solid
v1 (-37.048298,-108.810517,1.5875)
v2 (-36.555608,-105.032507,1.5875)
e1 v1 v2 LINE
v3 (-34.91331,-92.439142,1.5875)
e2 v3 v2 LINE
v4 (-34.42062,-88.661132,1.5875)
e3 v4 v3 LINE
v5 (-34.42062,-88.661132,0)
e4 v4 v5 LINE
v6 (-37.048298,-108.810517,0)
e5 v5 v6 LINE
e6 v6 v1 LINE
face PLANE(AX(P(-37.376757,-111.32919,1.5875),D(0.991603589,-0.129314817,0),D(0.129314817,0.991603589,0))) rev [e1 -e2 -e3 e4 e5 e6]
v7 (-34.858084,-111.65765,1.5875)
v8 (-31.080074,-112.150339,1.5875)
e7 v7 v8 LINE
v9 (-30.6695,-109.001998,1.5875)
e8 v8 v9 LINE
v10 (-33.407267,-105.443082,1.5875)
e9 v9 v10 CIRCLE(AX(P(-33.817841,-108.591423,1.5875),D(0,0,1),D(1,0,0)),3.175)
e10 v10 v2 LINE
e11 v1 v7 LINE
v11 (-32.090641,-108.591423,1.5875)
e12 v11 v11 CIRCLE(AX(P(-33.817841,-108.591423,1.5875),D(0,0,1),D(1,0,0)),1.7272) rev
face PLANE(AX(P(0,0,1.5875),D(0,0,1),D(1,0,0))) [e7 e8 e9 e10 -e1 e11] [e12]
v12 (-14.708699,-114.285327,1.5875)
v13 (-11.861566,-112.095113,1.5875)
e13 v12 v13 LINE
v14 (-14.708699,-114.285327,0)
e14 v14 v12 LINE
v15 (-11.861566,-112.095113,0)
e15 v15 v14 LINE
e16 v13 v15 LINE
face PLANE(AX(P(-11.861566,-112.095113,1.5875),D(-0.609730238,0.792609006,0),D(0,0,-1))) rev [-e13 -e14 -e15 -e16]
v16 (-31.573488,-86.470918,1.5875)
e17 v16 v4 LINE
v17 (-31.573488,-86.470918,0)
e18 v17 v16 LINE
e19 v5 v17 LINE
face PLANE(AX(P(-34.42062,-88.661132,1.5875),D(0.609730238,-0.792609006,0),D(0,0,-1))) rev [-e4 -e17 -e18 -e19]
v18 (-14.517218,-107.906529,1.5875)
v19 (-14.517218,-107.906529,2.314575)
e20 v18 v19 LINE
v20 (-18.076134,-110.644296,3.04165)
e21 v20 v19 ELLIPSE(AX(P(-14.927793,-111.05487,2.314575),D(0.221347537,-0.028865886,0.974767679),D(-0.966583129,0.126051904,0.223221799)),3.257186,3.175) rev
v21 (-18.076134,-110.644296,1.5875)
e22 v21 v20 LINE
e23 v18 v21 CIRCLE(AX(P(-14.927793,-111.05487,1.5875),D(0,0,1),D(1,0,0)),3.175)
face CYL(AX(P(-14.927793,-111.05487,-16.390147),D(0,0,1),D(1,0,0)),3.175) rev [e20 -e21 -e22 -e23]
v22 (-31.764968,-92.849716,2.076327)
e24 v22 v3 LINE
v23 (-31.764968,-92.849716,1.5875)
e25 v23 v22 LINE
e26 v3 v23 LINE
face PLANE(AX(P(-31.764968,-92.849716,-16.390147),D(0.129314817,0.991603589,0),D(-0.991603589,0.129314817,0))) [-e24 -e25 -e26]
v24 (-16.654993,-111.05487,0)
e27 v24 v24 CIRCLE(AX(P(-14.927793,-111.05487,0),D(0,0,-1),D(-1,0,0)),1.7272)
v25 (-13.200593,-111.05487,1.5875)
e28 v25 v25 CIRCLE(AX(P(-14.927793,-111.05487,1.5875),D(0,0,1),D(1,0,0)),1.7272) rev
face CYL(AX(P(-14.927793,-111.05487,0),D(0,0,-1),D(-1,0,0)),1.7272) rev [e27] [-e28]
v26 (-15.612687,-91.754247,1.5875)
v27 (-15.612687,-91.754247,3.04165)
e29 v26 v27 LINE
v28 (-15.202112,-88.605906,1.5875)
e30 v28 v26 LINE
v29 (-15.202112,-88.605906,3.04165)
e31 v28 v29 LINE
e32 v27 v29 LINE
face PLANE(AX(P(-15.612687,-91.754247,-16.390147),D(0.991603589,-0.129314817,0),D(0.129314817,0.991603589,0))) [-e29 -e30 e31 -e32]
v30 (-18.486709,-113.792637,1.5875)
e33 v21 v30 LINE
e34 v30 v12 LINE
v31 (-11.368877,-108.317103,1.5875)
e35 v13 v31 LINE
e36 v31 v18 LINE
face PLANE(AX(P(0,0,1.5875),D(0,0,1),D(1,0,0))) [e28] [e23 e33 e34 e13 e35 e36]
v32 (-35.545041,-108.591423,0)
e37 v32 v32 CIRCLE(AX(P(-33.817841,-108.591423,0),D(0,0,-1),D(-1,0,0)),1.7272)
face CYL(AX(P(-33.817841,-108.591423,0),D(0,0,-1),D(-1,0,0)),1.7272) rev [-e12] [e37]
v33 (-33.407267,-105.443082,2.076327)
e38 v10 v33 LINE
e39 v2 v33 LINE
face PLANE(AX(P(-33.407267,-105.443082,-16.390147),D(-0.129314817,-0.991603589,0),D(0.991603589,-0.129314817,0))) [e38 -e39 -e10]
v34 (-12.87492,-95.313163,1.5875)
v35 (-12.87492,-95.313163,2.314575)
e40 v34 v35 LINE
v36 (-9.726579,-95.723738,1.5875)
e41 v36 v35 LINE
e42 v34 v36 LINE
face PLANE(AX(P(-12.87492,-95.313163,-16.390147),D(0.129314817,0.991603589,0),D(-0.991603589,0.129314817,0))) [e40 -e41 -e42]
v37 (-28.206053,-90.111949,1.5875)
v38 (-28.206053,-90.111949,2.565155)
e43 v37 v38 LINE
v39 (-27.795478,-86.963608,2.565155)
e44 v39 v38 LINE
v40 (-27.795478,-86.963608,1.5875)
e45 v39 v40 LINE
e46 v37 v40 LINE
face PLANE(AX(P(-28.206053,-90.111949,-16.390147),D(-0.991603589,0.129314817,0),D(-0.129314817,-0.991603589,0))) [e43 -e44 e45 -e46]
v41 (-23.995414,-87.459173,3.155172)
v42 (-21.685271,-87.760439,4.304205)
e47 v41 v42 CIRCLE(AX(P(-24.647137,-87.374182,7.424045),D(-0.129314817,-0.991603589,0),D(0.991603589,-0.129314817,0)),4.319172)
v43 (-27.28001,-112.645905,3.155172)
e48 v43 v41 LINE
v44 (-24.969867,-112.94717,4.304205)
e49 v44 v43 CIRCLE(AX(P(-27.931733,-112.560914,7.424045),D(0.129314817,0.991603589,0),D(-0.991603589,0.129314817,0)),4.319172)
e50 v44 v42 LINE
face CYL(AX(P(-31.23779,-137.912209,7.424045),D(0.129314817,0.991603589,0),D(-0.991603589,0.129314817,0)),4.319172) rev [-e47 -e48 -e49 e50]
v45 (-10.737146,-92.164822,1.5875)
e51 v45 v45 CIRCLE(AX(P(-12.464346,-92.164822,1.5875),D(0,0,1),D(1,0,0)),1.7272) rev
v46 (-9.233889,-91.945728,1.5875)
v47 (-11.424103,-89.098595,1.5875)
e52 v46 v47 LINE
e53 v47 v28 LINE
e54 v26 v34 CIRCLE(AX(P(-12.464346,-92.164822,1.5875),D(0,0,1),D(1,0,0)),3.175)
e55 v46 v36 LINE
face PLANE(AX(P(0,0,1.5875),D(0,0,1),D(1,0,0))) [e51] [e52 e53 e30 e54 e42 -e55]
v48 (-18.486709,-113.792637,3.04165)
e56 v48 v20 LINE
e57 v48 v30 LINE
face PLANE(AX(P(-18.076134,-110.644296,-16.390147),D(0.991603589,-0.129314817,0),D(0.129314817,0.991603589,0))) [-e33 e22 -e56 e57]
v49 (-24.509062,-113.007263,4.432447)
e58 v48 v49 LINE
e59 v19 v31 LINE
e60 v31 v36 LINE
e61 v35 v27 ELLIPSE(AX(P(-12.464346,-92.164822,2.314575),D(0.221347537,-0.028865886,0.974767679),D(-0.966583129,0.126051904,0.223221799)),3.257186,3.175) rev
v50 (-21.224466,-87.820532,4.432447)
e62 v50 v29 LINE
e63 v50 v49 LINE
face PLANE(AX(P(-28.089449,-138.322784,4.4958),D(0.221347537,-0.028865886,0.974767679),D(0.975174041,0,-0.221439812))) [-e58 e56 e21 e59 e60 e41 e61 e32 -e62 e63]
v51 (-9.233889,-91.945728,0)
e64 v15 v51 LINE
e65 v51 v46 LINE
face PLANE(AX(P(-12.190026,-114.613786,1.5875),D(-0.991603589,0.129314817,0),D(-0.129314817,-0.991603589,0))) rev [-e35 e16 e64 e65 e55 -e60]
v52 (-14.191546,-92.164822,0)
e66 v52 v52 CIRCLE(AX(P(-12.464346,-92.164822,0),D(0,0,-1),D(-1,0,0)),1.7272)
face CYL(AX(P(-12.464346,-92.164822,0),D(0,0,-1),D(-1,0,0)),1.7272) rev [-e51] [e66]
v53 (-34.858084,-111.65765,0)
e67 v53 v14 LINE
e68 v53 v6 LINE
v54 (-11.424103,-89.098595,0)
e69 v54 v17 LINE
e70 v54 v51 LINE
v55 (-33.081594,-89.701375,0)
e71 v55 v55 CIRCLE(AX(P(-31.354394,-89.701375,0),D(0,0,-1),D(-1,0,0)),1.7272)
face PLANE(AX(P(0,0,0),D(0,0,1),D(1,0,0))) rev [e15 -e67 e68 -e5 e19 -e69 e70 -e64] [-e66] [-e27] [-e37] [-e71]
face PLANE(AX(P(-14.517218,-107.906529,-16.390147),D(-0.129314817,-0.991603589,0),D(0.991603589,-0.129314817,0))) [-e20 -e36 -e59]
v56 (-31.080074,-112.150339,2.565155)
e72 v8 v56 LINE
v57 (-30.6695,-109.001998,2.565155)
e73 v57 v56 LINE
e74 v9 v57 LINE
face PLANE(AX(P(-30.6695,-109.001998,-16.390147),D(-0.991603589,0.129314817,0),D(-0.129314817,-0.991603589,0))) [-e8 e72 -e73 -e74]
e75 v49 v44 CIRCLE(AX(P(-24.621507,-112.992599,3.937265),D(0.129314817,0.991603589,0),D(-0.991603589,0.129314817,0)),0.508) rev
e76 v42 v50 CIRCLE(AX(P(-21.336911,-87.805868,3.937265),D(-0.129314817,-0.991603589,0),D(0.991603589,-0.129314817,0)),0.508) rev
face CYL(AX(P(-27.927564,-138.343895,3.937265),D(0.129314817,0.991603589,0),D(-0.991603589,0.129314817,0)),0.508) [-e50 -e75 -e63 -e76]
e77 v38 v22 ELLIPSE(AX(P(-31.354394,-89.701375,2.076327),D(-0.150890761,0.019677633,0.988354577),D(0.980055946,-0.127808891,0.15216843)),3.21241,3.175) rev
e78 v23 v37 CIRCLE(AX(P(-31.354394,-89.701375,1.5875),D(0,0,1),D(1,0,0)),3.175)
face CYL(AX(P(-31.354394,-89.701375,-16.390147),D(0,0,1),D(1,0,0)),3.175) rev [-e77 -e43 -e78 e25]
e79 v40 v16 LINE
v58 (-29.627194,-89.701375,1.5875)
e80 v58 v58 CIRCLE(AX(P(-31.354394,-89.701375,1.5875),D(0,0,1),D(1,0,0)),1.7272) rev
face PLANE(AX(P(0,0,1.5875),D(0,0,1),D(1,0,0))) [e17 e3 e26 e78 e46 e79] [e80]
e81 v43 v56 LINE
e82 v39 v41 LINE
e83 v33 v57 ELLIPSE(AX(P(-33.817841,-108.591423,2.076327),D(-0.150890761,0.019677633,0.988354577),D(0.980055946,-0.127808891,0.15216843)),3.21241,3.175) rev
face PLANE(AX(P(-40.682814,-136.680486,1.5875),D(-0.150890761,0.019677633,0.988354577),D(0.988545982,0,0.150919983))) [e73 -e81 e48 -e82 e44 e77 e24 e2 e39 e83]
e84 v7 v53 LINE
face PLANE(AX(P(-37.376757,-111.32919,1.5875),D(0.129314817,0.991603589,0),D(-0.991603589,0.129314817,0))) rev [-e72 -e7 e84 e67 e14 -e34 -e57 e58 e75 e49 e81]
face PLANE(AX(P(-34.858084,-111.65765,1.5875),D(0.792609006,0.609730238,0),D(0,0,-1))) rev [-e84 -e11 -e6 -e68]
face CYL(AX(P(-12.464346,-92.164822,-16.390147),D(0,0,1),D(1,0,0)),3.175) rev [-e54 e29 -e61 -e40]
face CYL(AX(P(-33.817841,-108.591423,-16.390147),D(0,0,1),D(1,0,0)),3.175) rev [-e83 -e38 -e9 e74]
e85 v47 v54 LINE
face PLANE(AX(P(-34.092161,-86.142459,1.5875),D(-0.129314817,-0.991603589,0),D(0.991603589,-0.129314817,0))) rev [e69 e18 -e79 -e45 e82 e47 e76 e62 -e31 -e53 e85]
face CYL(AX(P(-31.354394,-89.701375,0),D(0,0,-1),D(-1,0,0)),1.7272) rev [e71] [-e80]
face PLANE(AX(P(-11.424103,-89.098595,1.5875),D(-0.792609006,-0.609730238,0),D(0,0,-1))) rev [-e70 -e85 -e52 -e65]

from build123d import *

# Parameters (mm, degrees)
BOSS_EXTRUDE1_DEPTH   = 1.5875
BOSS_EXTRUDE3_DEPTH   = 25.4
FILLET2_R             = 0.508
F_4_CLEARANCE_HOLE1_D = 3.4544
CUT_EXTRUDE3_START    = -6.35
CUT_EXTRUDE3_DEPTH    = 4.7625
CHAMFER1_SIZE         = 2.54


with BuildPart() as part:
    # Sketch2 → Boss-Extrude1 (new body)
    with BuildSketch(Plane.XY):
        Polygon((-37.376757149, -111.329189904), (-34.092160805, -86.142458737), (-8.905429638, -89.427055082), (-12.190025983, -114.613786248), align=None)
    extrude(amount=BOSS_EXTRUDE1_DEPTH)

    # Sketch4 → Boss-Extrude3 (add)
    with BuildSketch(Plane(origin=(-11.61606456, -89.073561748, 0), x_dir=(0.9916035892333672, -0.12931481670521638, 0), z_dir=(0.12931481670521638, 0.9916035892333672, 0))):
        with BuildLine():
            Line((-22.666412757, -1.5875), (-12.484171192, -3.155171915))
            ThreePointArc((-12.484171192, -3.155171915), (-11.111427592, -3.611643646), (-9.966412757, -4.4958))
            Line((-9.966412757, -4.4958), (2.733587243, -1.5875))
            Line((2.733587243, -1.5875), (-22.666412757, -1.5875))
        make_face()
    extrude(amount=-BOSS_EXTRUDE3_DEPTH)

    # Fillet2
    fillet2_edges = [part.edges().sort_by_distance(p)[0] for p in [
        (-23.141093394, -100.378122493, 4.4958),
    ]]
    fillet(fillet2_edges, radius=FILLET2_R)

    # #4 Clearance Hole1 (through all)
    with Locations(Plane(origin=(0, 0, 0), x_dir=(-1, 0, 0), z_dir=(0, 0, -1))):
        with Locations((12.464345577, -92.164821934), (31.354393952, -89.701374676), (33.81784121, -108.591423051), (14.927792835, -111.054870309)):
            Hole(F_4_CLEARANCE_HOLE1_D / 2)

    # Sketch9 → Cut-Extrude3 (cut)
    with BuildSketch(Plane(origin=(0, 0, 0), x_dir=(-1, 0, 0), z_dir=(0, 0, -1)).offset(CUT_EXTRUDE3_START)):
        with BuildLine():
            Line((33.407266667, -105.443081655), (39.974131611, -104.586698171))
            Line((39.974131611, -104.586698171), (39.974131611, -116.083768321))
            Line((39.974131611, -116.083768321), (31.712540611, -117.000176181))
            Line((31.712540611, -117.000176181), (30.669499814, -109.001997594))
            ThreePointArc((30.669499814, -109.001997594), (31.301307616, -106.655529544), (33.407266667, -105.443081655))
        make_face()
        with BuildLine():
            Line((27.163011759, -82.113770632), (35.383316986, -80.880777852))
            Line((35.383316986, -80.880777852), (38.331833439, -91.993332588))
            Line((38.331833439, -91.993332588), (31.764968495, -92.849716072))
            ThreePointArc((31.764968495, -92.849716072), (29.418500445, -92.21790827), (28.206052556, -90.111949219))
            Line((28.206052556, -90.111949219), (27.163011759, -82.113770632))
        make_face()
        with BuildLine():
            Line((12.87492012, -95.31316333), (6.308055176, -96.169546814))
            Line((6.308055176, -96.169546814), (6.308055176, -84.672476664))
            Line((6.308055176, -84.672476664), (14.569646176, -83.756068805))
            Line((14.569646176, -83.756068805), (15.612686973, -91.754247391))
            ThreePointArc((15.612686973, -91.754247391), (14.980879171, -94.100715441), (12.87492012, -95.31316333))
        make_face()
        with BuildLine():
            Line((19.119175028, -118.642474353), (10.898869802, -119.875467134))
            Line((10.898869802, -119.875467134), (7.950353349, -108.762912398))
            Line((7.950353349, -108.762912398), (14.517218292, -107.906528913))
            ThreePointArc((14.517218292, -107.906528913), (16.863686342, -108.538336715), (18.076134231, -110.644295766))
            Line((18.076134231, -110.644295766), (19.119175028, -118.642474353))
        make_face()
    extrude(amount=CUT_EXTRUDE3_DEPTH, mode=Mode.SUBTRACT)

    # Chamfer1
    chamfer1_edges = [part.edges().sort_by_distance(p)[0] for p in [
        (-37.376757149, -111.329189904, 0.79375),
        (-34.092160805, -86.142458737, 0.79375),
        (-8.905429638, -89.427055082, 0.79375),
        (-12.190025983, -114.613786248, 0.79375),
    ]]
    chamfer(chamfer1_edges, length=CHAMFER1_SIZE)


solid = part.part
